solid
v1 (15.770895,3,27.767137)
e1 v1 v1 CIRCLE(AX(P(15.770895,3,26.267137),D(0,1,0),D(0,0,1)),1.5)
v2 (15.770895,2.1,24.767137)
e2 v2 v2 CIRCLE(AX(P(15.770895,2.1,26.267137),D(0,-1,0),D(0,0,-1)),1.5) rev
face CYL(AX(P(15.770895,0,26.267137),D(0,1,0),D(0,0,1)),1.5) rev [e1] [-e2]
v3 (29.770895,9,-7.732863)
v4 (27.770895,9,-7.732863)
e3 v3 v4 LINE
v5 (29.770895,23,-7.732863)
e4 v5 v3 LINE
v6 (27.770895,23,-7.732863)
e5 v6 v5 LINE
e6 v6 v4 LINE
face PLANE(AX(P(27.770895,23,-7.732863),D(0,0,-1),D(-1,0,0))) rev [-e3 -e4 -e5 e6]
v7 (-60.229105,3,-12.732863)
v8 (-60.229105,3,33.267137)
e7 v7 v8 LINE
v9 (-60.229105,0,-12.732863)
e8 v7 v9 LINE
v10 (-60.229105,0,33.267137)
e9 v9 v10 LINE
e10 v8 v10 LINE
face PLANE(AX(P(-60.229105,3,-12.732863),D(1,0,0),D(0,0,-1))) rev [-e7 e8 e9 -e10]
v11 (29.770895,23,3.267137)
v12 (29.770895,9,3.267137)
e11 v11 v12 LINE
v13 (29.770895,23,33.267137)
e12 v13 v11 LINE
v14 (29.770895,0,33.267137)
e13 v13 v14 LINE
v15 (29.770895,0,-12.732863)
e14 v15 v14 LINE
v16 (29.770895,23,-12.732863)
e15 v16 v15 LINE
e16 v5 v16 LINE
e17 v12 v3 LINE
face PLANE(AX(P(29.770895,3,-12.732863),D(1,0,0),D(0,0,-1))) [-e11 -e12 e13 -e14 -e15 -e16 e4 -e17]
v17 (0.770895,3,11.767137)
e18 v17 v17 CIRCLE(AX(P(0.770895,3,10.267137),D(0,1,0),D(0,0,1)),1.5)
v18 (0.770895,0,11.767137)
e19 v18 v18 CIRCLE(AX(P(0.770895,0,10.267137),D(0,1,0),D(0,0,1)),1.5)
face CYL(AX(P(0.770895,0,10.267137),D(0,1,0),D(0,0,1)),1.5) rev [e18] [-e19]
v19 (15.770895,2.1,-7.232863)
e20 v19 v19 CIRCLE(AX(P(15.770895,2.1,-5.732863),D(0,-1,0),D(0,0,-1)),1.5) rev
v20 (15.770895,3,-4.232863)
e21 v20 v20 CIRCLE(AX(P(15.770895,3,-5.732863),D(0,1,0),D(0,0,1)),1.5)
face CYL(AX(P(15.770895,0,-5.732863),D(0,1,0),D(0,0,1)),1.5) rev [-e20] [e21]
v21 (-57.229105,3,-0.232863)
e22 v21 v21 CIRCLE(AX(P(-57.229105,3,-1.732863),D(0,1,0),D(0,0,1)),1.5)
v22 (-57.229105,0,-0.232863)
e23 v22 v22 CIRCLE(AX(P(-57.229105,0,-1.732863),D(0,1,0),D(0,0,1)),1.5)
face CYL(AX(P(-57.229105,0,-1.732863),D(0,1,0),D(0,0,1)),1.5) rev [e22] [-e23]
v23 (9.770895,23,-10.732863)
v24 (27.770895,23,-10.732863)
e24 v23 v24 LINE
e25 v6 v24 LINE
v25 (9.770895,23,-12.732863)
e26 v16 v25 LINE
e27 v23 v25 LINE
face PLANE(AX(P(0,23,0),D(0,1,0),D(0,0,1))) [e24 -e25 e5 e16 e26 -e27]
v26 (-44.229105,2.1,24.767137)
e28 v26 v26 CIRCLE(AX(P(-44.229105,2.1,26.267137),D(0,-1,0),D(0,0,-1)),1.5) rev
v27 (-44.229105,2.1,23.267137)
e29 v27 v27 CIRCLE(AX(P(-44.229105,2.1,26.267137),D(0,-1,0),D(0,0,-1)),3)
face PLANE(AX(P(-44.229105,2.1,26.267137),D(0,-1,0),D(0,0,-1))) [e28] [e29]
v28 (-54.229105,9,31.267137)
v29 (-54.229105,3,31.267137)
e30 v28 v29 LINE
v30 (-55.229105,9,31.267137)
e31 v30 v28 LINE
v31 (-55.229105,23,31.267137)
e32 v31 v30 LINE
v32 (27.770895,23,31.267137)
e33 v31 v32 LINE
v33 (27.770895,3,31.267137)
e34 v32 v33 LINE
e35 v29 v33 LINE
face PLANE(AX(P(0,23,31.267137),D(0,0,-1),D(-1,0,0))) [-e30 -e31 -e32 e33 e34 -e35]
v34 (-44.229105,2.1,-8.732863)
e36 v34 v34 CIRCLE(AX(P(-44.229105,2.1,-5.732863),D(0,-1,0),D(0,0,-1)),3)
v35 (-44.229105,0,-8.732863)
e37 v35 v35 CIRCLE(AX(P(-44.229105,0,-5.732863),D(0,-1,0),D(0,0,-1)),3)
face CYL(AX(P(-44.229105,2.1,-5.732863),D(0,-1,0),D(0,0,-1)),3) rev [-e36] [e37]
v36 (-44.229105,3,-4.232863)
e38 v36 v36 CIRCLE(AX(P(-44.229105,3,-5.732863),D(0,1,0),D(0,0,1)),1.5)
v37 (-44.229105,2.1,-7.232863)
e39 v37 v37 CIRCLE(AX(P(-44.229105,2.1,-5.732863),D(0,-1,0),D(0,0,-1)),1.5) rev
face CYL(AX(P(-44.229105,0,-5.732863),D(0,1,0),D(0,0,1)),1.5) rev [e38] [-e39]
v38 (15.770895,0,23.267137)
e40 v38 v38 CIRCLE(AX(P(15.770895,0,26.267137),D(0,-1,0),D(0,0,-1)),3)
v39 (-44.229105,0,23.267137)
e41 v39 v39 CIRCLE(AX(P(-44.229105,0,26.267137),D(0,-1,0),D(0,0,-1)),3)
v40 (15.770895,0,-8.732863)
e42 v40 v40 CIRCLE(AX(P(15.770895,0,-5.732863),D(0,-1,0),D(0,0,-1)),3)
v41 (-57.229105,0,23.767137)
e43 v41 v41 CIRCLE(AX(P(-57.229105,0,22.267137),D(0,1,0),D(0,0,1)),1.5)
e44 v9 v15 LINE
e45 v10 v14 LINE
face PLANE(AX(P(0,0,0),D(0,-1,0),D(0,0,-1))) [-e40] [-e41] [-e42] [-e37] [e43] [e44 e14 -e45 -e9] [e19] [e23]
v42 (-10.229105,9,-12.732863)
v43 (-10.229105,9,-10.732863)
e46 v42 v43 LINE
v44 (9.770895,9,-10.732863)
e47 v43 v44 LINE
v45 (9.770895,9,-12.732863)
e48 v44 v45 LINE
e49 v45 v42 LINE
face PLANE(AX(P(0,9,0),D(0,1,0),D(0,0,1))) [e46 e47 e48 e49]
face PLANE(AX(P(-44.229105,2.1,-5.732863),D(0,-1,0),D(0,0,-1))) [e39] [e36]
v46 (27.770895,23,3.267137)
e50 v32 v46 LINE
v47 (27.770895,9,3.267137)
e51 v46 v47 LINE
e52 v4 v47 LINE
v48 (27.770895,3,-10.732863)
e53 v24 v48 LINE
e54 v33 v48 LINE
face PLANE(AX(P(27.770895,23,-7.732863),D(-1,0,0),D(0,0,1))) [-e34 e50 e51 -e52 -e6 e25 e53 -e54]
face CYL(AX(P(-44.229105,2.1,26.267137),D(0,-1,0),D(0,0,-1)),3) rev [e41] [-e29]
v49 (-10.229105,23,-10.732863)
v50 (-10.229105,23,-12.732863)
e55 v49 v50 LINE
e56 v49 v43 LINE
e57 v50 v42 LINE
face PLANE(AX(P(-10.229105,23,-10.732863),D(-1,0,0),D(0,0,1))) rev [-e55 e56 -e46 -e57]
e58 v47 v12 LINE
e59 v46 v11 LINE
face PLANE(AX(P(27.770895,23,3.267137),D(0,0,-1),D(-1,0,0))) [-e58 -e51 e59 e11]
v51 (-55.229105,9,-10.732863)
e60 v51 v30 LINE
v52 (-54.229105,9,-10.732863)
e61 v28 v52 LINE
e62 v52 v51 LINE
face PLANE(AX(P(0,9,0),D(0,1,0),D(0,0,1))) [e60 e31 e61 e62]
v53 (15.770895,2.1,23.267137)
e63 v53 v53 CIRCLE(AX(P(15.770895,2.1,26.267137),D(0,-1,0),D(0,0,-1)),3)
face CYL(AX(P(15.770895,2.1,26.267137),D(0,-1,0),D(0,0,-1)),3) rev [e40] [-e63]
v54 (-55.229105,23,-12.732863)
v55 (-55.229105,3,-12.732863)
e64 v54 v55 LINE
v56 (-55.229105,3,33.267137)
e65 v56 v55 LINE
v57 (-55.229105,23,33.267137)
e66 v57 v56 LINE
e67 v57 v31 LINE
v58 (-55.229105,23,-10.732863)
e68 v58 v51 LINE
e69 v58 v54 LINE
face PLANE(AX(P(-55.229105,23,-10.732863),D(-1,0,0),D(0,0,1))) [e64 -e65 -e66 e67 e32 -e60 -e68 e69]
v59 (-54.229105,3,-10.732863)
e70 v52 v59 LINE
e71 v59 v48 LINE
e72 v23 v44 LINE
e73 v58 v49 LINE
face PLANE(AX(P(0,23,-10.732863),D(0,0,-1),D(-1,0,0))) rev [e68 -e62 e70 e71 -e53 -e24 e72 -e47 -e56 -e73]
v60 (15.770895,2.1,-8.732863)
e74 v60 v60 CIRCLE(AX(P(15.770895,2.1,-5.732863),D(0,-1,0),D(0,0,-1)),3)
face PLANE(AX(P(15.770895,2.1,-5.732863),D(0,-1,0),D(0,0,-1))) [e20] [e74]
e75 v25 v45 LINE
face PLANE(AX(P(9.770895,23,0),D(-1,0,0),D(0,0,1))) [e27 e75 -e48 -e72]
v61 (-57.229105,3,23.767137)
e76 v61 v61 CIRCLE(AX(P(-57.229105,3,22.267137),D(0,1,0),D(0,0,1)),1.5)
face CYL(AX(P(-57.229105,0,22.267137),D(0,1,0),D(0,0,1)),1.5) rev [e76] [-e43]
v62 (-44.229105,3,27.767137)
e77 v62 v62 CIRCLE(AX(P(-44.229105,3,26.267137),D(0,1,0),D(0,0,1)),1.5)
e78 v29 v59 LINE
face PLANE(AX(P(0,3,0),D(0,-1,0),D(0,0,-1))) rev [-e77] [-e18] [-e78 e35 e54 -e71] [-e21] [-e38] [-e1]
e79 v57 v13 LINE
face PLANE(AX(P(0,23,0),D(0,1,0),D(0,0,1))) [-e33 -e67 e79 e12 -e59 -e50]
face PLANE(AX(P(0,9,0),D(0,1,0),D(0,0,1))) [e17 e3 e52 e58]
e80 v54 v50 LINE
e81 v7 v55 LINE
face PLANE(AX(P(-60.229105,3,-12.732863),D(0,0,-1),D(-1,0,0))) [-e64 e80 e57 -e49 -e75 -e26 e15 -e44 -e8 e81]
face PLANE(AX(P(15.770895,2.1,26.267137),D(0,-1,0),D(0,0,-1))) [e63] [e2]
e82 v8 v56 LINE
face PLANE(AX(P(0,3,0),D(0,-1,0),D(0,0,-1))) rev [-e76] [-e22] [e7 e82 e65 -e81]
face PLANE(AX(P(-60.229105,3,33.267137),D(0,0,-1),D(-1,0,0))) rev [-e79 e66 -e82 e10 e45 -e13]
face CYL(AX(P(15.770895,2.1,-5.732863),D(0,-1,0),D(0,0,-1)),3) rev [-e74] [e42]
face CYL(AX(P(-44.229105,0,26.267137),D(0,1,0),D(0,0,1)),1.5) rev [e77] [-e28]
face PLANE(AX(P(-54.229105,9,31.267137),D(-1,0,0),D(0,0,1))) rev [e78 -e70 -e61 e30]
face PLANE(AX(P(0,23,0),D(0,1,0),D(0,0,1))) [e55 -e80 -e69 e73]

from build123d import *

# Parameters (mm, degrees)
SKETCH1_W           = 90
SKETCH1_H           = 46
BOSS_EXTRUDE1_DEPTH = 3
SKETCH5_R           = 1.5
CUT_EXTRUDE3_DEPTH  = 4
SKETCH6_W           = 2
SKETCH6_H           = 28
SKETCH6_W_2         = 60
SKETCH6_H_2         = 2
SKETCH6_H_3         = 3
SKETCH6_W_3         = 45
BOSS_EXTRUDE3_DEPTH = 20
SKETCH7_R           = 1.5
CUT_EXTRUDE4_DEPTH  = 4
SKETCH8_R           = 3
CUT_EXTRUDE5_DEPTH  = 2.1
SKETCH9_W           = 2
SKETCH9_H           = 11
SKETCH9_W_2         = 20
SKETCH9_H_2         = 2
SKETCH9_W_3         = 1
SKETCH9_H_3         = 42
BOSS_EXTRUDE4_DEPTH = 6


with BuildPart() as part:
    # Sketch1 → Boss-Extrude1 (new body)
    with BuildSketch(Plane(origin=(0, 0, 0), x_dir=(1, 0, 0), z_dir=(0, 1, 0))):
        with Locations((-15.229105331, -10.267137121)):
            Rectangle(SKETCH1_W, SKETCH1_H)
    extrude(amount=BOSS_EXTRUDE1_DEPTH)

    # Sketch5 → Cut-Extrude3 (cut, through all)
    with BuildSketch(Plane(origin=(0, 3, 0), x_dir=(1, 0, 0), z_dir=(0, 1, 0))):
        with Locations((-57.229105331, -22.267137121)):
            Circle(SKETCH5_R)
        with Locations((-57.229105331, 1.732862879)):
            Circle(SKETCH5_R)
        with Locations((0.770894669, -10.267137121)):
            Circle(SKETCH5_R)
    extrude(amount=-CUT_EXTRUDE3_DEPTH, mode=Mode.SUBTRACT)

    # Sketch6 → Boss-Extrude3 (add)
    with BuildSketch(Plane(origin=(0, 3, 0), x_dir=(1, 0, 0), z_dir=(0, 1, 0))):
        with Locations((28.770894669, -17.267137121)):
            Rectangle(SKETCH6_W, SKETCH6_H)
        Polygon((29.770894669, -31.267137121), (27.770894669, -31.267137121), (4.770894669, -31.267137121), (4.770894669, -33.267137121), (29.770894669, -33.267137121), align=None)
        with Locations((-25.229105331, -32.267137121)):
            Rectangle(SKETCH6_W_2, SKETCH6_H_2)
        with Locations((28.770894669, 9.232862879)):
            Rectangle(SKETCH6_W, SKETCH6_H_3)
        Polygon((9.770894669, 10.732862879), (27.770894669, 10.732862879), (29.770894669, 10.732862879), (29.770894669, 12.732862879), (9.770894669, 12.732862879), align=None)
        with Locations((-32.729105331, 11.732862879)):
            Rectangle(SKETCH6_W_3, SKETCH6_H_2)
    extrude(amount=BOSS_EXTRUDE3_DEPTH)

    # Sketch7 → Cut-Extrude4 (cut, through all)
    with BuildSketch(Plane(origin=(0, 3, 0), x_dir=(1, 0, 0), z_dir=(0, 1, 0))):
        with Locations((15.770894669, -26.267137121)):
            Circle(SKETCH7_R)
        with Locations((-44.229105331, -26.267137121)):
            Circle(SKETCH7_R)
        with Locations((15.770894669, 5.732862879)):
            Circle(SKETCH7_R)
        with Locations((-44.229105331, 5.732862879)):
            Circle(SKETCH7_R)
    extrude(amount=-CUT_EXTRUDE4_DEPTH, mode=Mode.SUBTRACT)

    # Sketch8 → Cut-Extrude5 (cut)
    with BuildSketch(Plane(origin=(0, 0, 0), x_dir=(-1, 0, 0), z_dir=(0, -1, 0))):
        with Locations((-15.770894669, -26.267137121)):
            Circle(SKETCH8_R)
        with Locations((-15.770894669, 5.732862879)):
            Circle(SKETCH8_R)
        with Locations((44.229105331, -26.267137121)):
            Circle(SKETCH8_R)
        with Locations((44.229105331, 5.732862879)):
            Circle(SKETCH8_R)
    extrude(amount=-CUT_EXTRUDE5_DEPTH, mode=Mode.SUBTRACT)

    # Sketch9 → Boss-Extrude4 (add)
    with BuildSketch(Plane(origin=(0, 3, 0), x_dir=(1, 0, 0), z_dir=(0, 1, 0))):
        with Locations((28.770894669, 2.232862879)):
            Rectangle(SKETCH9_W, SKETCH9_H)
        with Locations((-0.229105331, 11.732862879)):
            Rectangle(SKETCH9_W_2, SKETCH9_H_2)
        with Locations((-54.729105331, -10.267137121)):
            Rectangle(SKETCH9_W_3, SKETCH9_H_3)
    extrude(amount=BOSS_EXTRUDE4_DEPTH)


solid = part.part
